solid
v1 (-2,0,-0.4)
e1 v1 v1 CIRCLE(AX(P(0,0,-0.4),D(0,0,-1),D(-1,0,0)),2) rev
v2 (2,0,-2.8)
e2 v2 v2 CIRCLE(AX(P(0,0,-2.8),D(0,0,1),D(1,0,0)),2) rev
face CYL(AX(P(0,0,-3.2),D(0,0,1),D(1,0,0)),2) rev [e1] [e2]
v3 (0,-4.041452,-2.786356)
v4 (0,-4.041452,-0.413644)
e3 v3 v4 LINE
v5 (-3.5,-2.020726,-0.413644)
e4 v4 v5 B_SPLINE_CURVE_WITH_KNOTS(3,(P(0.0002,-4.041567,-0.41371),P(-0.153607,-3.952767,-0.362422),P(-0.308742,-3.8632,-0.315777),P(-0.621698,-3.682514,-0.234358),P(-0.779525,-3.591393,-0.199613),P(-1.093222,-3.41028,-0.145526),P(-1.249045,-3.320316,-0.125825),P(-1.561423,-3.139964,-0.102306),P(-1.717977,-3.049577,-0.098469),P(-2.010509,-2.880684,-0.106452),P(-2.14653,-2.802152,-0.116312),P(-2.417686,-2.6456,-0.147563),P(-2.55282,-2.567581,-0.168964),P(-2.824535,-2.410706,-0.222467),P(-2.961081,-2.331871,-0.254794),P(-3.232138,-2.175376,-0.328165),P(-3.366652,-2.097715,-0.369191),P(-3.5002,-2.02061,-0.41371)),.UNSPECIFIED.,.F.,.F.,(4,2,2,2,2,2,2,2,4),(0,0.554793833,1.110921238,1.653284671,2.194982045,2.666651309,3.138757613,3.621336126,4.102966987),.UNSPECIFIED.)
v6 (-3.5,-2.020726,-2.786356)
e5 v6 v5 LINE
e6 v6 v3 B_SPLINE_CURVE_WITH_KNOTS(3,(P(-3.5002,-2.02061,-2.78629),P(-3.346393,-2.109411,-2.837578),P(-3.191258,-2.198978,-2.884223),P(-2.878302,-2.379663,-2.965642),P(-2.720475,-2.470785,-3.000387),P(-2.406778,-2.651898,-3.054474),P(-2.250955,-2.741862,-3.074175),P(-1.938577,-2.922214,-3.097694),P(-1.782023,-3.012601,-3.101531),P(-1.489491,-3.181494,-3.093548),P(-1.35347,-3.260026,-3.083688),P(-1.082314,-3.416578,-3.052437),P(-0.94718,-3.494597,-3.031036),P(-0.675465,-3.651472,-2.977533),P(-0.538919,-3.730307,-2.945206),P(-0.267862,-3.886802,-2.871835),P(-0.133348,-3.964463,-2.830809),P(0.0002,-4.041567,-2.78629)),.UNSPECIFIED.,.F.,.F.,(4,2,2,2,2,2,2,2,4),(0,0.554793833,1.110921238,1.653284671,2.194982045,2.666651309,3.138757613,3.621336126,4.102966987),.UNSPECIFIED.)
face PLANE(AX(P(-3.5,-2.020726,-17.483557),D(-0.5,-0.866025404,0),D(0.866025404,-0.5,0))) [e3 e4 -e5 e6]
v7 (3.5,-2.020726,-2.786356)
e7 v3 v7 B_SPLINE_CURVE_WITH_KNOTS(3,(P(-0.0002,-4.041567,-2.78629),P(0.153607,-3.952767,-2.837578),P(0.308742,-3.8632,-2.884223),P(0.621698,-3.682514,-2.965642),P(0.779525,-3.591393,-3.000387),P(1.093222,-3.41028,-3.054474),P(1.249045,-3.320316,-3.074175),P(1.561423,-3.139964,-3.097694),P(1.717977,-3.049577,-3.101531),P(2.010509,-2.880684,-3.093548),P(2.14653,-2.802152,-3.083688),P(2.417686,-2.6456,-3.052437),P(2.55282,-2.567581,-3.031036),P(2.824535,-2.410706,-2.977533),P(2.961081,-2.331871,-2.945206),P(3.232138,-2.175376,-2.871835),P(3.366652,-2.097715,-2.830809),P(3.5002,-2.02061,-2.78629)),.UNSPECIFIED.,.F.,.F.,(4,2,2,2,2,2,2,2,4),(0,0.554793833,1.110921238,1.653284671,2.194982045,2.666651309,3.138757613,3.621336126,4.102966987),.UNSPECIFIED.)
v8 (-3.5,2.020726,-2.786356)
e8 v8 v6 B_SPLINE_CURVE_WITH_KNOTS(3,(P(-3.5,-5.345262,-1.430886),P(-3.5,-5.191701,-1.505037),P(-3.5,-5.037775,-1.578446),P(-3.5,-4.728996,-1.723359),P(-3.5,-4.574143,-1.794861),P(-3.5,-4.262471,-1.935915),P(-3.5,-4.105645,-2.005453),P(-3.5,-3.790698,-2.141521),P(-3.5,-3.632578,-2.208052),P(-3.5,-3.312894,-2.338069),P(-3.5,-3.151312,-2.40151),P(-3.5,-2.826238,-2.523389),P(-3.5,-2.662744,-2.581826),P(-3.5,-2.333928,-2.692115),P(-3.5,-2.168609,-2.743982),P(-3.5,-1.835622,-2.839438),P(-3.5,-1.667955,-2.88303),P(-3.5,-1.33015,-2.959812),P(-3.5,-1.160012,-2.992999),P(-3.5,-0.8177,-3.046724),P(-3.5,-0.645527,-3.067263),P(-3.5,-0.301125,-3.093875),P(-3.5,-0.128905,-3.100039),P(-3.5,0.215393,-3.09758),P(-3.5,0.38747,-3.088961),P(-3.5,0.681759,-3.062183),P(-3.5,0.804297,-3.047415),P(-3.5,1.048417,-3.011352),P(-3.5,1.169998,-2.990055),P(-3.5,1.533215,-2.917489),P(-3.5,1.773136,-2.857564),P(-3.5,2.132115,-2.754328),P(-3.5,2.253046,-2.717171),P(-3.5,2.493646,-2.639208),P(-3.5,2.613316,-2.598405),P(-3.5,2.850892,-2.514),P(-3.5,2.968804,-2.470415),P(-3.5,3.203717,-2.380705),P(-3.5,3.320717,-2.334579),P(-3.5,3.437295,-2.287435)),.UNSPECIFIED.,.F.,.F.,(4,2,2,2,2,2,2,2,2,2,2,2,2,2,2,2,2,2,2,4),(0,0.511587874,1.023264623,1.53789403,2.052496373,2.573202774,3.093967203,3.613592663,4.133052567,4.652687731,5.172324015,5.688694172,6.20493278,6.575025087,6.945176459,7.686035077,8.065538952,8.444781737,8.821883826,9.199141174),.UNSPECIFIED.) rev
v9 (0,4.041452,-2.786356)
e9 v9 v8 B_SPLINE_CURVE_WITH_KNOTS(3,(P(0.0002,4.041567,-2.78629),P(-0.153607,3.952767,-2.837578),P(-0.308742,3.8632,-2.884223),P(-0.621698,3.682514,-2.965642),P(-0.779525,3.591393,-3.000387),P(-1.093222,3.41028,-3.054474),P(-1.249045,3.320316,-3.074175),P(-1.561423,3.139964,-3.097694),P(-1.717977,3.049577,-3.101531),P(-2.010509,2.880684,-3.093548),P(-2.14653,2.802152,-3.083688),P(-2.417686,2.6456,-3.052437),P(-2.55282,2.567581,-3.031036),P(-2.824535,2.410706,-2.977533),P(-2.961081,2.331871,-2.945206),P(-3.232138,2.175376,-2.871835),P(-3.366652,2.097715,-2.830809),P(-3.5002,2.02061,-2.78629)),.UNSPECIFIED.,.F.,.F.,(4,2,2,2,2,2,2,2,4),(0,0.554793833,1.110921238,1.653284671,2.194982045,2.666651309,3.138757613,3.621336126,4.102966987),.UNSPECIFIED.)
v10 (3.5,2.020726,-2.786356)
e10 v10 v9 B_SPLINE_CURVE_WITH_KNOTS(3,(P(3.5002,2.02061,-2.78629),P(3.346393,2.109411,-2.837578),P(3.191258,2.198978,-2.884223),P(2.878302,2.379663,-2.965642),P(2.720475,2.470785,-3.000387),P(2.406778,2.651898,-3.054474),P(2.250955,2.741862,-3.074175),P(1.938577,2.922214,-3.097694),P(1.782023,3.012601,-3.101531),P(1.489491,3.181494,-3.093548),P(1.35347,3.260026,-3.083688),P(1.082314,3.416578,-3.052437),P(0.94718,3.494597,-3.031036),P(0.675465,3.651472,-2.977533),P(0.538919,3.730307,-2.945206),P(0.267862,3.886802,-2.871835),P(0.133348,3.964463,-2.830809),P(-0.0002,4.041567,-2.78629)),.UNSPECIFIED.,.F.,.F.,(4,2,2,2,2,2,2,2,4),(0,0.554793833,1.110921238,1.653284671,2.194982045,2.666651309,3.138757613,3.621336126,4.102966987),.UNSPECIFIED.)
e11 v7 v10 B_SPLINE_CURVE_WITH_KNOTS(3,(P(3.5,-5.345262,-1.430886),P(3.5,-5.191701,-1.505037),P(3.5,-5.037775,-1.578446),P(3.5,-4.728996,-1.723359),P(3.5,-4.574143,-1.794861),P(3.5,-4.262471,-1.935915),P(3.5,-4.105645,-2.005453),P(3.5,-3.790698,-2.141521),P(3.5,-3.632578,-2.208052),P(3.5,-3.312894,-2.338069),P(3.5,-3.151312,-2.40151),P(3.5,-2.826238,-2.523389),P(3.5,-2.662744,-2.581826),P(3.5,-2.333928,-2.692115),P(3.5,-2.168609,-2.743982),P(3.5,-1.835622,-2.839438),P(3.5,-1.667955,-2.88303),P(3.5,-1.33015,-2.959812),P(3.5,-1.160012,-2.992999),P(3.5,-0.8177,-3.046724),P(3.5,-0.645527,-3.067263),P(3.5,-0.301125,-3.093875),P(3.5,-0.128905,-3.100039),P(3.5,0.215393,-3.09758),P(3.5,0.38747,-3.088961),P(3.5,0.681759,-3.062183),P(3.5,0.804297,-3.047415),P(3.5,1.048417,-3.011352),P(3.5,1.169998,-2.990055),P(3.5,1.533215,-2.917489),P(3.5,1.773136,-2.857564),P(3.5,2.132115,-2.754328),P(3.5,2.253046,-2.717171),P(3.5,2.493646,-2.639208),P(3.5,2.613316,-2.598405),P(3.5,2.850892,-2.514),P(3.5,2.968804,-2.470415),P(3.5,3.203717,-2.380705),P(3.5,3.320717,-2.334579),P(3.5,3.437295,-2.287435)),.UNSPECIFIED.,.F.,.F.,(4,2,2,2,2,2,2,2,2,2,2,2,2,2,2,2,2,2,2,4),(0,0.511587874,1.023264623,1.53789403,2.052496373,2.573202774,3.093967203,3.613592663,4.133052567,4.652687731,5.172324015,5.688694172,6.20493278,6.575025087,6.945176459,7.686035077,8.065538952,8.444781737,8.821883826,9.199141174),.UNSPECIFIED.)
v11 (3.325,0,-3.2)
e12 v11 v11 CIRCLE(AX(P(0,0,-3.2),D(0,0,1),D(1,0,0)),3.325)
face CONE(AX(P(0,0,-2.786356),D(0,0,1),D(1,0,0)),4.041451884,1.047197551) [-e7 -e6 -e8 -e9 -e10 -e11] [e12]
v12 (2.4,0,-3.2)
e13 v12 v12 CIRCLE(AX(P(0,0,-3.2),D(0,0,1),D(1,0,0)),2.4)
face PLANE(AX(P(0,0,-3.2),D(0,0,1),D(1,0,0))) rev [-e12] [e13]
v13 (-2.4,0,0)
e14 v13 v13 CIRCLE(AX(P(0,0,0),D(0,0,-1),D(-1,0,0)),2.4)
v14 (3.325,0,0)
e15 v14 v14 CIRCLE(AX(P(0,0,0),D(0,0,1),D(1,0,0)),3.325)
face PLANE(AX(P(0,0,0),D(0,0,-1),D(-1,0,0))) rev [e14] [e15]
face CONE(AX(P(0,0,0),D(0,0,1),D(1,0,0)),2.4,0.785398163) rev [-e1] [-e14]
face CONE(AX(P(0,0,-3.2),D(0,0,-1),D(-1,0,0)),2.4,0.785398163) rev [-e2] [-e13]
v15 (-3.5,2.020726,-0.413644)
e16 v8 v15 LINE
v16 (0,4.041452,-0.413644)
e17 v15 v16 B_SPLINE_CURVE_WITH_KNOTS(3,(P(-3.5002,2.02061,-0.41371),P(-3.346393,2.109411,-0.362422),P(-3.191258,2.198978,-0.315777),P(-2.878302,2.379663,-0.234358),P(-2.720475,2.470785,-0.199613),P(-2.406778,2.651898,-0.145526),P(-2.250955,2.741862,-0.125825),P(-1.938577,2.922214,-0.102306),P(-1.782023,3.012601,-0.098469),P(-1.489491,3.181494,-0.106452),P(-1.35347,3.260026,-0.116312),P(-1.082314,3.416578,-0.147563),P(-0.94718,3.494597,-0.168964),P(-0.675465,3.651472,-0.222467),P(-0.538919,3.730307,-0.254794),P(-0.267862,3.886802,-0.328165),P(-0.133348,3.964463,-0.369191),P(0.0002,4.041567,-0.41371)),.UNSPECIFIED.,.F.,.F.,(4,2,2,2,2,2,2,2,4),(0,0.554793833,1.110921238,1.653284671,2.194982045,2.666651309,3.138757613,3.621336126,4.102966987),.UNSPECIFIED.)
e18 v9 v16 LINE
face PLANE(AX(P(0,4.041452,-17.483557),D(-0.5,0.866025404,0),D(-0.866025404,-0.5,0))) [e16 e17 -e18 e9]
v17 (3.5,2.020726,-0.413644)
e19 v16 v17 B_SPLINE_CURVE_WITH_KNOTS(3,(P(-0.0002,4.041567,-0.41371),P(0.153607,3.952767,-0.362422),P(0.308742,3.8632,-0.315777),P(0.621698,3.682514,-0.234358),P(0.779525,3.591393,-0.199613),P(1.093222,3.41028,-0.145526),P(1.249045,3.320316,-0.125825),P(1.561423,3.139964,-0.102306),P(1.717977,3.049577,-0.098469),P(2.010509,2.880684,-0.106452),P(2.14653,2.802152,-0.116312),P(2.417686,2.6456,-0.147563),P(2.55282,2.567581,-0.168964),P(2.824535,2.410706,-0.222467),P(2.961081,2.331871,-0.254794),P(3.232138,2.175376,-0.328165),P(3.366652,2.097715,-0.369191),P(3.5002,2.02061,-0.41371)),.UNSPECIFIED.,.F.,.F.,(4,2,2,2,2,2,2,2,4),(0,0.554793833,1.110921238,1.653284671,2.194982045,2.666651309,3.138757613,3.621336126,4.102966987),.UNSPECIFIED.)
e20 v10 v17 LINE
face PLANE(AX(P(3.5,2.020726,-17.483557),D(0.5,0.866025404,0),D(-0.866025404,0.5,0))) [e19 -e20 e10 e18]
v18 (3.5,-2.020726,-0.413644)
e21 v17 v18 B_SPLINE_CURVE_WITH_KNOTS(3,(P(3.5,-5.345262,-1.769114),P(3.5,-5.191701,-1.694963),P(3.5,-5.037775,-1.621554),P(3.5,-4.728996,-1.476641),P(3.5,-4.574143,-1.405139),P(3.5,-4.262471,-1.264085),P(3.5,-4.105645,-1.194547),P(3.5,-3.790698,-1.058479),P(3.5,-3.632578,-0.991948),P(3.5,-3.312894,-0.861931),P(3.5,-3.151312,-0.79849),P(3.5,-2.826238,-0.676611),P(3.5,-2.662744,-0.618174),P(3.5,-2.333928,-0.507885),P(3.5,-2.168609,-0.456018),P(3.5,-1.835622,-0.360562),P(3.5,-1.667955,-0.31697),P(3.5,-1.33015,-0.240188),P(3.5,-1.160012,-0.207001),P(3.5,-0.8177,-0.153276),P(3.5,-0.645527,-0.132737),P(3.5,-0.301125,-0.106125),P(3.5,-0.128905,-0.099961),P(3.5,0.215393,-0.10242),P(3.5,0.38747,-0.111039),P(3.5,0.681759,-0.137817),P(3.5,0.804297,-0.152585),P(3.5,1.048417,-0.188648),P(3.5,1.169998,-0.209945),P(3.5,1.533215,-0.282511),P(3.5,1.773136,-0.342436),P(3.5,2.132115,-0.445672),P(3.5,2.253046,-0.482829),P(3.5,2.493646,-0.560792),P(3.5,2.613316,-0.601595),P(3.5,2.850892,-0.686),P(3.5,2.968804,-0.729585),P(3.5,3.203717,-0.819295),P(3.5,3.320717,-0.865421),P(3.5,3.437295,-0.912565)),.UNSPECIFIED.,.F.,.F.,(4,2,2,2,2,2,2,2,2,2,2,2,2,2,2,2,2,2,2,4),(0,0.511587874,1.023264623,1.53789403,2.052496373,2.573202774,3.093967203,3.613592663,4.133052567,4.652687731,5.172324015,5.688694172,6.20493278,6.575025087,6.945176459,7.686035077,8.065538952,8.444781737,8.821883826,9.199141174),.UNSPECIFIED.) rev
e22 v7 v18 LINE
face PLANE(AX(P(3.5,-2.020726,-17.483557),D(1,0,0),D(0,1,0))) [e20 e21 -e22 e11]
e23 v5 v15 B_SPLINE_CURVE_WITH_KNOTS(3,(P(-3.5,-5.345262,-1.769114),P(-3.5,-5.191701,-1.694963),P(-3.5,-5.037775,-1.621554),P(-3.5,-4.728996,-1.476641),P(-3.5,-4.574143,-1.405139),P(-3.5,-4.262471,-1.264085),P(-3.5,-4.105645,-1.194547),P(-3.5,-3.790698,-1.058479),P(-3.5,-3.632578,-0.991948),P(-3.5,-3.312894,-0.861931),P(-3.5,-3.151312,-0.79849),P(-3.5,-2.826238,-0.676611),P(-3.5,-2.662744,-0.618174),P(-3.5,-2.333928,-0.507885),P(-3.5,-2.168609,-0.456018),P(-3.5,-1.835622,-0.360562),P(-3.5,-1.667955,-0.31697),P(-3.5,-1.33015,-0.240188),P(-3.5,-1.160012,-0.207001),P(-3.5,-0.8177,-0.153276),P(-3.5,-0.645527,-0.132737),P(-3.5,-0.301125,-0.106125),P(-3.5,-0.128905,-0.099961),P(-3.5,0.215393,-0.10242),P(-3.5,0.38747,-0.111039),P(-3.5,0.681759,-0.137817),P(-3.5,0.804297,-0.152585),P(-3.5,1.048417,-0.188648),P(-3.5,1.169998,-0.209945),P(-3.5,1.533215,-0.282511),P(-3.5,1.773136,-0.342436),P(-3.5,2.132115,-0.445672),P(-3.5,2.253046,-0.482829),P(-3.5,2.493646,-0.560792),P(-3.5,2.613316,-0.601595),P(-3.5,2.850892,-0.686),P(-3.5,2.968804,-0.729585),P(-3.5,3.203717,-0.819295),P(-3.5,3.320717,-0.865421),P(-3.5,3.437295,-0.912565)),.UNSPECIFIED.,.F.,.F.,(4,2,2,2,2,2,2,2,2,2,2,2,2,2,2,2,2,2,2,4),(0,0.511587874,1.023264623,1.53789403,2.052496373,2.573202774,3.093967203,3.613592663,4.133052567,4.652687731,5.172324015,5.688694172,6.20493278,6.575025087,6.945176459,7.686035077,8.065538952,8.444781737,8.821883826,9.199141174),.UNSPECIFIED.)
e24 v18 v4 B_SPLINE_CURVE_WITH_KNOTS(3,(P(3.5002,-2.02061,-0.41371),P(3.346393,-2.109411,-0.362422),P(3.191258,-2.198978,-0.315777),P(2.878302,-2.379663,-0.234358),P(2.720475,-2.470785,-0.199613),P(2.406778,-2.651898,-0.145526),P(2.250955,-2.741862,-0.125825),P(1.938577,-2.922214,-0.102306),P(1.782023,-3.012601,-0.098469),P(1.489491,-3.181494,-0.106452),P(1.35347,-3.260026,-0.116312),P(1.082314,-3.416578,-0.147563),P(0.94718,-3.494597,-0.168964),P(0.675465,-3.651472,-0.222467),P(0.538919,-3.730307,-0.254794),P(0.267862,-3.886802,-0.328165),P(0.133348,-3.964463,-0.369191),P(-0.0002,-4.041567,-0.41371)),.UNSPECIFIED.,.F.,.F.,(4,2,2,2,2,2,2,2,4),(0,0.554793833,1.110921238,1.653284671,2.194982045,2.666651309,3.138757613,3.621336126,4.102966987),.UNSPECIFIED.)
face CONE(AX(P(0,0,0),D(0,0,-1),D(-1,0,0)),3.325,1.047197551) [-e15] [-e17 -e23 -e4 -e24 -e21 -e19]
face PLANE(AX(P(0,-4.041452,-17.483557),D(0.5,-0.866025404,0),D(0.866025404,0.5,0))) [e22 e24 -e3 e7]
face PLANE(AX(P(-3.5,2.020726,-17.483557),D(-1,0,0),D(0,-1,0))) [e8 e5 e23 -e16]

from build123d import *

# Parameters (mm, degrees)
SKETCH_1_W               = 5
SKETCH_1_H               = 3.2
SKETCH_2_OUTSIDE_W       = 14.9
SKETCH_2_OUTSIDE_H       = 14.9
CUT_EXTRUDE_1_DEPTH      = 3.2
SKETCH_3_R               = 2
CUT_EXTRUDE_2_DEPTH      = 1
CUT_EXTRUDE_2_DEPTH_BACK = 4.2
CHAMFER_1_SIZE           = 0.4


with BuildPart() as part:
    # Эскиз1 → Повернуть1 (revolve)
    with BuildSketch(Plane(origin=(0, 0, 0), x_dir=(1, 0, 0), z_dir=(0, 1, 0))):
        with Locations((-2.5, 1.6)):
            Rectangle(SKETCH_1_W, SKETCH_1_H)
    revolve(axis=Axis((0, 0, 0), (0, 0, -1)))

    # Эскиз2 outside → Вырез-Вытянуть1 (cut)
    with BuildSketch(Plane.XY):
        Rectangle(SKETCH_2_OUTSIDE_W, SKETCH_2_OUTSIDE_H)
        Polygon((3.5, -2.020725942), (3.5, 2.020725942), (0, 4.041451884), (-3.5, 2.020725942), (-3.5, -2.020725942), (0, -4.041451884), align=None, mode=Mode.SUBTRACT)
    extrude(amount=-CUT_EXTRUDE_1_DEPTH, mode=Mode.SUBTRACT)

    # Эскиз3 → Вырез-Вытянуть2 (cut, two sides)
    with BuildSketch(Plane.XY) as cut_extrude_2_sk:
        Circle(SKETCH_3_R)
    extrude(amount=CUT_EXTRUDE_2_DEPTH, mode=Mode.SUBTRACT)
    extrude(cut_extrude_2_sk.sketch, amount=-CUT_EXTRUDE_2_DEPTH_BACK, mode=Mode.SUBTRACT)

    # Эскиз4 → Вырез-Повернуть1 (revolve, cut)
    with BuildSketch(Plane(origin=(0, 0, 0), x_dir=(0, 0, -1), z_dir=(1, 0, 0))):
        Polygon((0, 3.325), (0.413643688, 4.041451884), (0, 4.041451884), align=None)
        Polygon((3.2, 3.325), (2.786356312, 4.041451884), (3.2, 4.041451884), align=None)
    revolve(axis=Axis((0, 0, 0), (0, 0, -1)), mode=Mode.SUBTRACT)

    # Фаска1
    chamfer_1_edges = [part.edges().sort_by_distance(p)[0] for p in [
        (-2, 0, -3.2),
        (-2, 0, 0),
    ]]
    chamfer(chamfer_1_edges, length=CHAMFER_1_SIZE)


solid = part.part
